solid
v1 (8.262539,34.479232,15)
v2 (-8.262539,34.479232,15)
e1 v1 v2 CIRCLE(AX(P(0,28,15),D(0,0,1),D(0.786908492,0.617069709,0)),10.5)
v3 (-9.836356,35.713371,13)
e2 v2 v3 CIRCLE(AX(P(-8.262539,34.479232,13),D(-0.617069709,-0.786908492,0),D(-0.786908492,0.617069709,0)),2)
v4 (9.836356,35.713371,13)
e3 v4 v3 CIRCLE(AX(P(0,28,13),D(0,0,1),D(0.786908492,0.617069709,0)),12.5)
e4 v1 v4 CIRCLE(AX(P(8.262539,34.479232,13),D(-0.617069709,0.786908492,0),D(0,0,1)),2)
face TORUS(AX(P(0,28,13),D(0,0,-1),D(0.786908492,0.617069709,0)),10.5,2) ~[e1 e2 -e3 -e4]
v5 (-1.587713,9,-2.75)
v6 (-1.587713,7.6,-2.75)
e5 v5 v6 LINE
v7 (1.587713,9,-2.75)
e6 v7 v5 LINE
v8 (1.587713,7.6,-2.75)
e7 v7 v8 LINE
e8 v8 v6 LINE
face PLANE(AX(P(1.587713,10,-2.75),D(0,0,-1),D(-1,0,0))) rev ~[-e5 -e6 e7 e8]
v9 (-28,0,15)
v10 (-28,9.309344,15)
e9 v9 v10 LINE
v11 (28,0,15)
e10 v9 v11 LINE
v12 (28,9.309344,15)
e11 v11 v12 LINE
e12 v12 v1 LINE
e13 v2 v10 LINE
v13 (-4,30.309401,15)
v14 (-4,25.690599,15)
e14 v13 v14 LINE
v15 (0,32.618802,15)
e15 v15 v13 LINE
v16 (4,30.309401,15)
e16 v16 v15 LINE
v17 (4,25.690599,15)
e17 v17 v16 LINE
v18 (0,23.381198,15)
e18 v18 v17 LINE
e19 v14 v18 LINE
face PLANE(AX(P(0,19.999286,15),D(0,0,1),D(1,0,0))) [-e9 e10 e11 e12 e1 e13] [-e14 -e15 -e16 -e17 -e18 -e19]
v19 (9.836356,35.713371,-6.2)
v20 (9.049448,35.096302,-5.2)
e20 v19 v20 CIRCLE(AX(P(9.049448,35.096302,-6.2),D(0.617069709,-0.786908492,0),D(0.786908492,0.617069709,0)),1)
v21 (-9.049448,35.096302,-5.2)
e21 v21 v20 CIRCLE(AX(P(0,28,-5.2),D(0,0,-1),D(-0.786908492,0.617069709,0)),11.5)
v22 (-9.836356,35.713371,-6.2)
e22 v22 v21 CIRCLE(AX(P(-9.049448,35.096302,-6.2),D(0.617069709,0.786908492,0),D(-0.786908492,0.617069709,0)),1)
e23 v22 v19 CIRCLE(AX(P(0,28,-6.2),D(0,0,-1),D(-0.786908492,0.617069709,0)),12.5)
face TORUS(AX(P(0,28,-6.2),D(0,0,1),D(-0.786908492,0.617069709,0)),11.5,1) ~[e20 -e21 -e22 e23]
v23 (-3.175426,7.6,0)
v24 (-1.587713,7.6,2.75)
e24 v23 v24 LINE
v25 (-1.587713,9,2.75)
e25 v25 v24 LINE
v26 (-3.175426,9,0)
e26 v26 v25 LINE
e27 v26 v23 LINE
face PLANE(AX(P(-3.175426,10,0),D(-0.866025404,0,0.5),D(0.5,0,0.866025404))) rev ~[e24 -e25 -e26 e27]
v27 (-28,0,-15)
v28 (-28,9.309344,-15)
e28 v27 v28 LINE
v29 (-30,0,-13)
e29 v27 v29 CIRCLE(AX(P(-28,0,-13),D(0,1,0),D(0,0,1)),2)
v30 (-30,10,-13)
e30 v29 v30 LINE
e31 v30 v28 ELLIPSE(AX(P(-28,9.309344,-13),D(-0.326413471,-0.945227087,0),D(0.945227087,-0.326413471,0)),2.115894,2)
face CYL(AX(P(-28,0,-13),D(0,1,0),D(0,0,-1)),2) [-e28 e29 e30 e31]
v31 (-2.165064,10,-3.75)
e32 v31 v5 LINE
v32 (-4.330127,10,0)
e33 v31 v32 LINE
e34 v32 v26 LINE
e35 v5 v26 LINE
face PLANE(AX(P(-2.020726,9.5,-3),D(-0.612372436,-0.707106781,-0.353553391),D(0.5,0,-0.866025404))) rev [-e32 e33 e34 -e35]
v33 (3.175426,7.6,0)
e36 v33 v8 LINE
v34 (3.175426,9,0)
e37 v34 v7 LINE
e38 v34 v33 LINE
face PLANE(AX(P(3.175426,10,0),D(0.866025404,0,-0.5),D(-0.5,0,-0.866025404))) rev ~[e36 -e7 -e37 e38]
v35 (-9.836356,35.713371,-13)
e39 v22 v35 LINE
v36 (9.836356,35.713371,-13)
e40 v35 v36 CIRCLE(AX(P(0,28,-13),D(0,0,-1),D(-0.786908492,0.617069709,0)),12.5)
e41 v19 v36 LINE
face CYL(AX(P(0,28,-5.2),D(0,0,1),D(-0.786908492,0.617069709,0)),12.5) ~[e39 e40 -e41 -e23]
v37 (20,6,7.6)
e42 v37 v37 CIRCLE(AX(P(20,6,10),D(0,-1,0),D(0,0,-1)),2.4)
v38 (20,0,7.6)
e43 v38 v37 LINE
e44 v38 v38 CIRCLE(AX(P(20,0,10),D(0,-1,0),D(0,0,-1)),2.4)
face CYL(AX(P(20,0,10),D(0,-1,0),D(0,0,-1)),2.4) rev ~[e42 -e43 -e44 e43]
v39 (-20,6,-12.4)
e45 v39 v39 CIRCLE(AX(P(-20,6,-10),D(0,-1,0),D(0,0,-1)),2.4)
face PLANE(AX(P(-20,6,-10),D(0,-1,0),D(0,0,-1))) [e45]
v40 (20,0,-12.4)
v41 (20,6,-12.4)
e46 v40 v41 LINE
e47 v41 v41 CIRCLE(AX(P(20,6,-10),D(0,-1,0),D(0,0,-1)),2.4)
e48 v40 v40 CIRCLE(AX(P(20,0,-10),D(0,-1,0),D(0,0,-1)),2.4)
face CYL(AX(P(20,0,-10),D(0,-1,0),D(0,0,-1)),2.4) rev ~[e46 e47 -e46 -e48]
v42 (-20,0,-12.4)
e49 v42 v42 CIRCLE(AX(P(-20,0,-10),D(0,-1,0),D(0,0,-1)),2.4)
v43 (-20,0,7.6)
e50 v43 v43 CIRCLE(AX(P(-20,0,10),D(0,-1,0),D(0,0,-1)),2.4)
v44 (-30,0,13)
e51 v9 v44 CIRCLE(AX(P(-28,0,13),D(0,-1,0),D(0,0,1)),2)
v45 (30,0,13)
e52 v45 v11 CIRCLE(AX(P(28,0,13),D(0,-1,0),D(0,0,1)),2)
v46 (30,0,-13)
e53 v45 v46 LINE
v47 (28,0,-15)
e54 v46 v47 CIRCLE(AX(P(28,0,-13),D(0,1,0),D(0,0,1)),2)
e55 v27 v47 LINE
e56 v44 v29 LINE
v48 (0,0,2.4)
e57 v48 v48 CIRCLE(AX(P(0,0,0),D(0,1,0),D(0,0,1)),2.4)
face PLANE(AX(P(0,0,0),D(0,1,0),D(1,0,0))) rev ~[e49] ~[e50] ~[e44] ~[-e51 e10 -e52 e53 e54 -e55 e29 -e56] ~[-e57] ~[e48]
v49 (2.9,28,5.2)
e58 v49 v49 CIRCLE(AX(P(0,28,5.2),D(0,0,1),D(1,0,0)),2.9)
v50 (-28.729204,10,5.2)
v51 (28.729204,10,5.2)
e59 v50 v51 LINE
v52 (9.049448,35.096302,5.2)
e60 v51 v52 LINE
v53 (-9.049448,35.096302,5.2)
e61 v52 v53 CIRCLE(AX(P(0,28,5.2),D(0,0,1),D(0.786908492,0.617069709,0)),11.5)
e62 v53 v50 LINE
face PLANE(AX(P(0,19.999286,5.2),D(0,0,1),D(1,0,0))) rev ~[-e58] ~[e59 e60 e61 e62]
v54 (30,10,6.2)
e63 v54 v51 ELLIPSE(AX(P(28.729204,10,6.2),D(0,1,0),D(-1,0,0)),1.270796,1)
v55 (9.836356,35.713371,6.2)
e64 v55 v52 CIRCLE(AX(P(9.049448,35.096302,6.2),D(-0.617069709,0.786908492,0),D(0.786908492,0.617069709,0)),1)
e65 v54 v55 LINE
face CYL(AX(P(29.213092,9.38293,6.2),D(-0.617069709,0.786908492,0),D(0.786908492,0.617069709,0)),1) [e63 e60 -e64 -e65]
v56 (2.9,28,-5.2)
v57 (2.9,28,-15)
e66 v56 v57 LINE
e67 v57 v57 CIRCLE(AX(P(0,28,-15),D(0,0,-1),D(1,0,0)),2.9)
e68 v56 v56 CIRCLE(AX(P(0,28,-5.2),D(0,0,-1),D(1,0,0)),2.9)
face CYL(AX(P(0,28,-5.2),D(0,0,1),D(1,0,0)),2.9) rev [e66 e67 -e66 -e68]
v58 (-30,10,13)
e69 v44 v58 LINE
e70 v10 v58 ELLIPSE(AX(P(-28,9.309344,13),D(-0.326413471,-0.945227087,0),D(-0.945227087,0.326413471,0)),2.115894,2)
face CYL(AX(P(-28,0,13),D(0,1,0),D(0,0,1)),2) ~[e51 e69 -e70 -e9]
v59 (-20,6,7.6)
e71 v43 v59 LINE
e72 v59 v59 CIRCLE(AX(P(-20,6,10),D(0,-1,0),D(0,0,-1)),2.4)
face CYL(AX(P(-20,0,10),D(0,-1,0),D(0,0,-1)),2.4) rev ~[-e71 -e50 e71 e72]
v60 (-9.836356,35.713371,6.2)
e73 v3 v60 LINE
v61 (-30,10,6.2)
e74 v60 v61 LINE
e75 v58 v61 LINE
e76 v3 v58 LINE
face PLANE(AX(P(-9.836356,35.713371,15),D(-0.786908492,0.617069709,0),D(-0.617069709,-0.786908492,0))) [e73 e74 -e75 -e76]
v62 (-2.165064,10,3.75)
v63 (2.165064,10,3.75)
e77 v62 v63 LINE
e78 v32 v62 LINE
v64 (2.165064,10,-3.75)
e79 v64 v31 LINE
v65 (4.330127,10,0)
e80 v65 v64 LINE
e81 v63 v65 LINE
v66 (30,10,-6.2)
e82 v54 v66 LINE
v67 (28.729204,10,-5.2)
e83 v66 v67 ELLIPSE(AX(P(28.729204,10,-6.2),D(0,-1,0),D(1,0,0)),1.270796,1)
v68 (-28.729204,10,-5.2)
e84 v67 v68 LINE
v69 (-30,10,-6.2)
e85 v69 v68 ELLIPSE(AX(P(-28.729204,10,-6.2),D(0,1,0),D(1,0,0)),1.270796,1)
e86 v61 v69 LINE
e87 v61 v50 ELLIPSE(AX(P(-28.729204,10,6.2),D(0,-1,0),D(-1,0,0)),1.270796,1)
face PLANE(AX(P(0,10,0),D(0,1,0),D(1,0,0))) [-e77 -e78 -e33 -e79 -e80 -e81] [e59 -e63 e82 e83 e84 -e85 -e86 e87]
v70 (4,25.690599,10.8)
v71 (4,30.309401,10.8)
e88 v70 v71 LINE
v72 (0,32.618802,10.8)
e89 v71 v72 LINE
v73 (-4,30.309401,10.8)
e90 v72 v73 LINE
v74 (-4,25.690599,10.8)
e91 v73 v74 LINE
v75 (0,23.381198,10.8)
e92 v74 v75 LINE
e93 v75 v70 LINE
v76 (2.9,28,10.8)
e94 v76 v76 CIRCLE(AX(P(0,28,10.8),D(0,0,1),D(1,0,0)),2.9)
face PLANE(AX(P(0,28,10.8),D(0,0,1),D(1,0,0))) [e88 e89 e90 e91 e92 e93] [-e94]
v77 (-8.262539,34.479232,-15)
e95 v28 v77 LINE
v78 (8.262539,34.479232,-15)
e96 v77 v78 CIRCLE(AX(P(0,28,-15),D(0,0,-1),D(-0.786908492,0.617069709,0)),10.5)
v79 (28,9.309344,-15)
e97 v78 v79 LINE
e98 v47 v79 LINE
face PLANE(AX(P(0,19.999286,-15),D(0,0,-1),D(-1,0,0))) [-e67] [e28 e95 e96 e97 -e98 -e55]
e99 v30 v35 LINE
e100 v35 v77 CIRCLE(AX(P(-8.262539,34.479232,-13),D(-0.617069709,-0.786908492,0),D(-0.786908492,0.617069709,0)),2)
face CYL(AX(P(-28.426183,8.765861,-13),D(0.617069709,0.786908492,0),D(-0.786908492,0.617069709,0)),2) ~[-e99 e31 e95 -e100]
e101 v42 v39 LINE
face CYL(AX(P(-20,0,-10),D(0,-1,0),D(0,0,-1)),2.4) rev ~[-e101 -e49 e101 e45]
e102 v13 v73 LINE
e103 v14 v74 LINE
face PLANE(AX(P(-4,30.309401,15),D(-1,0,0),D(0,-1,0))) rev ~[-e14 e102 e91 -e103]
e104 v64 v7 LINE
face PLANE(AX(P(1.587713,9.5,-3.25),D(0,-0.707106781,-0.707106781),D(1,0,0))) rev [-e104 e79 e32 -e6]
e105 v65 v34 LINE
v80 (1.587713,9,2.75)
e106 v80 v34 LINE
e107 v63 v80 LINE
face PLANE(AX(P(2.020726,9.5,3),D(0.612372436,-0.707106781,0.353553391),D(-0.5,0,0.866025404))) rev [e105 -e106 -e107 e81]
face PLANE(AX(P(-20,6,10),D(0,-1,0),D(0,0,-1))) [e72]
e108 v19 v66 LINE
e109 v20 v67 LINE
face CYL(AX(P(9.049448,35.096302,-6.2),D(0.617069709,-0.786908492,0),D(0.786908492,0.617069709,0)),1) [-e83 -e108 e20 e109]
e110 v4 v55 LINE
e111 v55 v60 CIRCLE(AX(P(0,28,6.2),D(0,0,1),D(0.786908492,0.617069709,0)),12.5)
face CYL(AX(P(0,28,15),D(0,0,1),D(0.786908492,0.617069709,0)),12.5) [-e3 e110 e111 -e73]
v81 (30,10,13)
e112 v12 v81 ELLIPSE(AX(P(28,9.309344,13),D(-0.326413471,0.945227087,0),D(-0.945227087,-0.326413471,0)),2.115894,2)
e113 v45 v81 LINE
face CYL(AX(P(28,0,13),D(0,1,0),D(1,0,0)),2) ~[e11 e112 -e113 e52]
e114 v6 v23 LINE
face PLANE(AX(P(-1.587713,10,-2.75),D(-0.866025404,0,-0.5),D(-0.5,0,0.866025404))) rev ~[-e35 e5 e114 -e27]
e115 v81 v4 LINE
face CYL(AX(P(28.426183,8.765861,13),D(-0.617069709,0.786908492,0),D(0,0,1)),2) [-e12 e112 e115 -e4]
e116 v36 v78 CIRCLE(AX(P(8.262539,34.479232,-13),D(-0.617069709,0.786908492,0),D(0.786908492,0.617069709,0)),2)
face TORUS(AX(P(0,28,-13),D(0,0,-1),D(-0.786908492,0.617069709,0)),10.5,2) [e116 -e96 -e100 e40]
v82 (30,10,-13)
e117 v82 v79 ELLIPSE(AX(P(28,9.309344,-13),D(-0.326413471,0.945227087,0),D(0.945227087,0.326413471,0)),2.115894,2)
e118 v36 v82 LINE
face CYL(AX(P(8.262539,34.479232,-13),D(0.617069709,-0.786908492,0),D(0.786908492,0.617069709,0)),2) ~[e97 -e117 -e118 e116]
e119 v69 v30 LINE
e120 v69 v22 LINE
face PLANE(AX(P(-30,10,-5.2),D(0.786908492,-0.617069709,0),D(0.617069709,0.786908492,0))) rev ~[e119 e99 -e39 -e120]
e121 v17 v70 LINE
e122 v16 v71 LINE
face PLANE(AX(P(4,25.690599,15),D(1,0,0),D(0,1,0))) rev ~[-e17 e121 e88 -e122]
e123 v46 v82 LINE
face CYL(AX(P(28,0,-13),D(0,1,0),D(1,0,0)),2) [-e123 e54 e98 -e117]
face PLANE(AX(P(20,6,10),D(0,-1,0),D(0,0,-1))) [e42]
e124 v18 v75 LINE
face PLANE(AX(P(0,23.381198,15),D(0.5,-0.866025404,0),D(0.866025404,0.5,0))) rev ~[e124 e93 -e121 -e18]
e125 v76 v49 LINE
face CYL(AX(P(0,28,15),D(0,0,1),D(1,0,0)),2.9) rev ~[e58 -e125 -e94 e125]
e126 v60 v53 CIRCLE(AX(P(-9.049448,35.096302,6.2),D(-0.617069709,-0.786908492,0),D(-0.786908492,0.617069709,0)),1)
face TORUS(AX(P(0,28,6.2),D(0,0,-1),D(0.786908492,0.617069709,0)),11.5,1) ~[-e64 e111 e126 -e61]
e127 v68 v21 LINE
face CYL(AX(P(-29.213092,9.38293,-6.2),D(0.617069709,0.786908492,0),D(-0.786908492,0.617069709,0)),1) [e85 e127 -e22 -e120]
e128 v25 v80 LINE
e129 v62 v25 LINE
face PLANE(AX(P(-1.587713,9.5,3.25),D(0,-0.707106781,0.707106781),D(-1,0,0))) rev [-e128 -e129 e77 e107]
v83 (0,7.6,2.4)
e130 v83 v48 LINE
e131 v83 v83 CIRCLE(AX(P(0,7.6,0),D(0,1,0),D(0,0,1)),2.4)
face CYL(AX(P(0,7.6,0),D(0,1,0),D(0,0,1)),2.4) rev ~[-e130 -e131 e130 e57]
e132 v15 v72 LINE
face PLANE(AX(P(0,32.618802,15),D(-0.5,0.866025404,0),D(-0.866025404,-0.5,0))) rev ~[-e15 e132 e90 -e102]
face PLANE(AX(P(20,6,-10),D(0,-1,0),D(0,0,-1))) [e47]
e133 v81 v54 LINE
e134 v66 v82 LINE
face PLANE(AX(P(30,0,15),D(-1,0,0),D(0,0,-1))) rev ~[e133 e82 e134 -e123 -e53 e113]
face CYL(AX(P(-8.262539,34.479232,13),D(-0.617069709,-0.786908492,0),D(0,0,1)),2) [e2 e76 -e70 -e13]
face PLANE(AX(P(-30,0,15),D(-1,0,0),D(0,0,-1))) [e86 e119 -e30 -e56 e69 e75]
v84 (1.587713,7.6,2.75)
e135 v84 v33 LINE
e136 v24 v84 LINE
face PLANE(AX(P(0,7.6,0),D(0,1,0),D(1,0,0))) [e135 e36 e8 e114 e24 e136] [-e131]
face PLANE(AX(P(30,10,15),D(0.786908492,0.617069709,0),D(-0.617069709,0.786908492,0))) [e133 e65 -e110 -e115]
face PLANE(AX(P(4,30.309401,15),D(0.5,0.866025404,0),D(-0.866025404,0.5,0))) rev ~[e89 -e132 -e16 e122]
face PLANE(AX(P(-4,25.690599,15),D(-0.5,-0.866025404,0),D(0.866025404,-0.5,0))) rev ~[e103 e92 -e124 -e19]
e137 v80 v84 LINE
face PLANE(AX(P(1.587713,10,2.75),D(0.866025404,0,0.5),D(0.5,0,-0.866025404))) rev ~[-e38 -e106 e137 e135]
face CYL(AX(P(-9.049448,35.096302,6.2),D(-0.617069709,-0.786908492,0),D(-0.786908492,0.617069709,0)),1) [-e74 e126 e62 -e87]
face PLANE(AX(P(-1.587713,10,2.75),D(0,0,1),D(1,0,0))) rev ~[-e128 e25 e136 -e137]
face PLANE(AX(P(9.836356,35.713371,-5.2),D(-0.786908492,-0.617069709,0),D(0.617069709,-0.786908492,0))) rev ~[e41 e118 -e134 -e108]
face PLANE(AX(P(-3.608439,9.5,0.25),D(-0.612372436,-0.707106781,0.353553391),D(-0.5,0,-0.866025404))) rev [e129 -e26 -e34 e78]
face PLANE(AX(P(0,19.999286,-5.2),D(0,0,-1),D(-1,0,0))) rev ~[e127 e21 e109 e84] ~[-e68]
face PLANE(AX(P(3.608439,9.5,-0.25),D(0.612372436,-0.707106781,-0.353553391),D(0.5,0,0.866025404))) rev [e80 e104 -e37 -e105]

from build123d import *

# Parameters (mm, degrees)
SKETCH_1_W          = 60
SKETCH_1_H          = 30
EXTRUDE_1_DEPTH     = 10
SKETCH_2_R          = 2.9
EXTRUDE_2_DEPTH     = 9.8
EXTRUDE_START       = -9.8
SKETCH_4_R          = 2.9
EXTRUDE_3_DEPTH     = 9.8
SKETCH_5_R          = 2.4
CUT_EXTRUDE_1_DEPTH = 6
CUT_EXTRUDE_2_DEPTH = 4.2
CUT_EXTRUDE_3_DEPTH = 2.4
SKETCH_8_R          = 2.4
CUT_EXTRUDE_4_DEPTH = 47.983082062
FILLET_1_R          = 1
FILLET_2_R          = 2
CHAMFER_5_SIZE      = 1


with BuildPart() as part:
    # 草圖1 → 填料-伸長1 (new body)
    with BuildSketch(Plane(origin=(0, 0, 0), x_dir=(1, 0, 0), z_dir=(0, 1, 0))):
        Rectangle(SKETCH_1_W, SKETCH_1_H)
    extrude(amount=EXTRUDE_1_DEPTH)

    # 草圖2 → 填料-伸長2 (add)
    with BuildSketch(Plane.XY.offset(15)):
        with BuildLine():
            Line((-9.836356149, 35.713371359), (-30, 10))
            Line((-30, 10), (30, 10))
            Line((30, 10), (9.836356149, 35.713371359))
            ThreePointArc((9.836356149, 35.713371359), (0, 40.5), (-9.836356149, 35.713371359))
        make_face()
        with Locations((0, 28)):
            Circle(SKETCH_2_R, mode=Mode.SUBTRACT)
    extrude(amount=-EXTRUDE_2_DEPTH)

    # 草圖4 → 填料-伸長3 (add)
    with BuildSketch(Plane(origin=(0, 0, -15), x_dir=(-1, 0, 0), z_dir=(0, 0, -1)).offset(EXTRUDE_START)):
        with BuildLine():
            Line((30, 10), (9.836356149, 35.713371359))
            ThreePointArc((9.836356149, 35.713371359), (0, 40.5), (-9.836356149, 35.713371359))
            Line((-9.836356149, 35.713371359), (-30, 10))
            Line((-30, 10), (30, 10))
        make_face()
        with Locations(Location((0, 28, 0), (0, 0, 180))):
            Circle(SKETCH_4_R, mode=Mode.SUBTRACT)
    extrude(amount=EXTRUDE_3_DEPTH)

    # 草圖5 → 除料-伸長1 (cut)
    with BuildSketch(Plane.XZ):
        with Locations(Location((20, 10, 0), (0, 0, 270))):
            Circle(SKETCH_5_R)
        with Locations(Location((20, -10, 0), (0, 0, 270))):
            Circle(SKETCH_5_R)
        with Locations(Location((-20, -10, 0), (0, 0, 270))):
            Circle(SKETCH_5_R)
        with Locations(Location((-20, 10, 0), (0, 0, 270))):
            Circle(SKETCH_5_R)
    extrude(amount=-CUT_EXTRUDE_1_DEPTH, mode=Mode.SUBTRACT)

    # 草圖6 → 除料-伸長2 (cut)
    with BuildSketch(Plane.XY.offset(15)):
        Polygon((0, 32.618802154), (-4, 30.309401077), (-4, 25.690598923), (0, 23.381197846), (4, 25.690598923), (4, 30.309401077), align=None)
    extrude(amount=-CUT_EXTRUDE_2_DEPTH, mode=Mode.SUBTRACT)

    # 草圖7 → 除料-伸長3 (cut)
    with BuildSketch(Plane(origin=(0, 10, 0), x_dir=(1, 0, 0), z_dir=(0, 1, 0))):
        Polygon((3.175426481, 0), (1.58771324, 2.75), (-1.58771324, 2.75), (-3.175426481, 0), (-1.58771324, -2.75), (1.58771324, -2.75), align=None)
    extrude(amount=-CUT_EXTRUDE_3_DEPTH, mode=Mode.SUBTRACT)

    # 草圖8 → 除料-伸長4 (cut, through all)
    with BuildSketch(Plane(origin=(0, 7.6, 0), x_dir=(1, 0, 0), z_dir=(0, 1, 0))):
        with Locations(Location((0, 0, 0), (0, 0, 270))):
            Circle(SKETCH_8_R)
    extrude(amount=-CUT_EXTRUDE_4_DEPTH, mode=Mode.SUBTRACT)

    # 圓角1
    fillet_1_edges = [part.edges().sort_by_distance(p)[0] for p in [
        (-19.918178074, 22.856685679, 5.2),
        (0, 40.5, 5.2),
        (19.918178074, 22.856685679, 5.2),
        (0, 40.5, -5.2),
        (-19.918178074, 22.856685679, -5.2),
        (19.918178074, 22.856685679, -5.2),
    ]]
    fillet(fillet_1_edges, radius=FILLET_1_R)

    # 圓角2
    fillet_2_edges = [part.edges().sort_by_distance(p)[0] for p in [
        (19.918178074, 22.856685679, 15),
        (0, 40.5, 15),
        (-19.918178074, 22.856685679, 15),
        (0, 40.5, -15),
        (19.918178074, 22.856685679, -15),
        (-19.918178074, 22.856685679, -15),
        (30, 5, 15),
        (-30, 5, 15),
        (-30, 5, -15),
        (30, 5, -15),
    ]]
    fillet(fillet_2_edges, radius=FILLET_2_R)

    # 導角5
    chamfer_5_edges = [part.edges().sort_by_distance(p)[0] for p in [
        (2.38156986, 10, 1.375),
        (2.38156986, 10, -1.375),
        (0, 10, -2.75),
        (-2.38156986, 10, -1.375),
        (-2.38156986, 10, 1.375),
        (0, 10, 2.75),
    ]]
    chamfer(chamfer_5_edges, length=CHAMFER_5_SIZE)


solid = part.part
